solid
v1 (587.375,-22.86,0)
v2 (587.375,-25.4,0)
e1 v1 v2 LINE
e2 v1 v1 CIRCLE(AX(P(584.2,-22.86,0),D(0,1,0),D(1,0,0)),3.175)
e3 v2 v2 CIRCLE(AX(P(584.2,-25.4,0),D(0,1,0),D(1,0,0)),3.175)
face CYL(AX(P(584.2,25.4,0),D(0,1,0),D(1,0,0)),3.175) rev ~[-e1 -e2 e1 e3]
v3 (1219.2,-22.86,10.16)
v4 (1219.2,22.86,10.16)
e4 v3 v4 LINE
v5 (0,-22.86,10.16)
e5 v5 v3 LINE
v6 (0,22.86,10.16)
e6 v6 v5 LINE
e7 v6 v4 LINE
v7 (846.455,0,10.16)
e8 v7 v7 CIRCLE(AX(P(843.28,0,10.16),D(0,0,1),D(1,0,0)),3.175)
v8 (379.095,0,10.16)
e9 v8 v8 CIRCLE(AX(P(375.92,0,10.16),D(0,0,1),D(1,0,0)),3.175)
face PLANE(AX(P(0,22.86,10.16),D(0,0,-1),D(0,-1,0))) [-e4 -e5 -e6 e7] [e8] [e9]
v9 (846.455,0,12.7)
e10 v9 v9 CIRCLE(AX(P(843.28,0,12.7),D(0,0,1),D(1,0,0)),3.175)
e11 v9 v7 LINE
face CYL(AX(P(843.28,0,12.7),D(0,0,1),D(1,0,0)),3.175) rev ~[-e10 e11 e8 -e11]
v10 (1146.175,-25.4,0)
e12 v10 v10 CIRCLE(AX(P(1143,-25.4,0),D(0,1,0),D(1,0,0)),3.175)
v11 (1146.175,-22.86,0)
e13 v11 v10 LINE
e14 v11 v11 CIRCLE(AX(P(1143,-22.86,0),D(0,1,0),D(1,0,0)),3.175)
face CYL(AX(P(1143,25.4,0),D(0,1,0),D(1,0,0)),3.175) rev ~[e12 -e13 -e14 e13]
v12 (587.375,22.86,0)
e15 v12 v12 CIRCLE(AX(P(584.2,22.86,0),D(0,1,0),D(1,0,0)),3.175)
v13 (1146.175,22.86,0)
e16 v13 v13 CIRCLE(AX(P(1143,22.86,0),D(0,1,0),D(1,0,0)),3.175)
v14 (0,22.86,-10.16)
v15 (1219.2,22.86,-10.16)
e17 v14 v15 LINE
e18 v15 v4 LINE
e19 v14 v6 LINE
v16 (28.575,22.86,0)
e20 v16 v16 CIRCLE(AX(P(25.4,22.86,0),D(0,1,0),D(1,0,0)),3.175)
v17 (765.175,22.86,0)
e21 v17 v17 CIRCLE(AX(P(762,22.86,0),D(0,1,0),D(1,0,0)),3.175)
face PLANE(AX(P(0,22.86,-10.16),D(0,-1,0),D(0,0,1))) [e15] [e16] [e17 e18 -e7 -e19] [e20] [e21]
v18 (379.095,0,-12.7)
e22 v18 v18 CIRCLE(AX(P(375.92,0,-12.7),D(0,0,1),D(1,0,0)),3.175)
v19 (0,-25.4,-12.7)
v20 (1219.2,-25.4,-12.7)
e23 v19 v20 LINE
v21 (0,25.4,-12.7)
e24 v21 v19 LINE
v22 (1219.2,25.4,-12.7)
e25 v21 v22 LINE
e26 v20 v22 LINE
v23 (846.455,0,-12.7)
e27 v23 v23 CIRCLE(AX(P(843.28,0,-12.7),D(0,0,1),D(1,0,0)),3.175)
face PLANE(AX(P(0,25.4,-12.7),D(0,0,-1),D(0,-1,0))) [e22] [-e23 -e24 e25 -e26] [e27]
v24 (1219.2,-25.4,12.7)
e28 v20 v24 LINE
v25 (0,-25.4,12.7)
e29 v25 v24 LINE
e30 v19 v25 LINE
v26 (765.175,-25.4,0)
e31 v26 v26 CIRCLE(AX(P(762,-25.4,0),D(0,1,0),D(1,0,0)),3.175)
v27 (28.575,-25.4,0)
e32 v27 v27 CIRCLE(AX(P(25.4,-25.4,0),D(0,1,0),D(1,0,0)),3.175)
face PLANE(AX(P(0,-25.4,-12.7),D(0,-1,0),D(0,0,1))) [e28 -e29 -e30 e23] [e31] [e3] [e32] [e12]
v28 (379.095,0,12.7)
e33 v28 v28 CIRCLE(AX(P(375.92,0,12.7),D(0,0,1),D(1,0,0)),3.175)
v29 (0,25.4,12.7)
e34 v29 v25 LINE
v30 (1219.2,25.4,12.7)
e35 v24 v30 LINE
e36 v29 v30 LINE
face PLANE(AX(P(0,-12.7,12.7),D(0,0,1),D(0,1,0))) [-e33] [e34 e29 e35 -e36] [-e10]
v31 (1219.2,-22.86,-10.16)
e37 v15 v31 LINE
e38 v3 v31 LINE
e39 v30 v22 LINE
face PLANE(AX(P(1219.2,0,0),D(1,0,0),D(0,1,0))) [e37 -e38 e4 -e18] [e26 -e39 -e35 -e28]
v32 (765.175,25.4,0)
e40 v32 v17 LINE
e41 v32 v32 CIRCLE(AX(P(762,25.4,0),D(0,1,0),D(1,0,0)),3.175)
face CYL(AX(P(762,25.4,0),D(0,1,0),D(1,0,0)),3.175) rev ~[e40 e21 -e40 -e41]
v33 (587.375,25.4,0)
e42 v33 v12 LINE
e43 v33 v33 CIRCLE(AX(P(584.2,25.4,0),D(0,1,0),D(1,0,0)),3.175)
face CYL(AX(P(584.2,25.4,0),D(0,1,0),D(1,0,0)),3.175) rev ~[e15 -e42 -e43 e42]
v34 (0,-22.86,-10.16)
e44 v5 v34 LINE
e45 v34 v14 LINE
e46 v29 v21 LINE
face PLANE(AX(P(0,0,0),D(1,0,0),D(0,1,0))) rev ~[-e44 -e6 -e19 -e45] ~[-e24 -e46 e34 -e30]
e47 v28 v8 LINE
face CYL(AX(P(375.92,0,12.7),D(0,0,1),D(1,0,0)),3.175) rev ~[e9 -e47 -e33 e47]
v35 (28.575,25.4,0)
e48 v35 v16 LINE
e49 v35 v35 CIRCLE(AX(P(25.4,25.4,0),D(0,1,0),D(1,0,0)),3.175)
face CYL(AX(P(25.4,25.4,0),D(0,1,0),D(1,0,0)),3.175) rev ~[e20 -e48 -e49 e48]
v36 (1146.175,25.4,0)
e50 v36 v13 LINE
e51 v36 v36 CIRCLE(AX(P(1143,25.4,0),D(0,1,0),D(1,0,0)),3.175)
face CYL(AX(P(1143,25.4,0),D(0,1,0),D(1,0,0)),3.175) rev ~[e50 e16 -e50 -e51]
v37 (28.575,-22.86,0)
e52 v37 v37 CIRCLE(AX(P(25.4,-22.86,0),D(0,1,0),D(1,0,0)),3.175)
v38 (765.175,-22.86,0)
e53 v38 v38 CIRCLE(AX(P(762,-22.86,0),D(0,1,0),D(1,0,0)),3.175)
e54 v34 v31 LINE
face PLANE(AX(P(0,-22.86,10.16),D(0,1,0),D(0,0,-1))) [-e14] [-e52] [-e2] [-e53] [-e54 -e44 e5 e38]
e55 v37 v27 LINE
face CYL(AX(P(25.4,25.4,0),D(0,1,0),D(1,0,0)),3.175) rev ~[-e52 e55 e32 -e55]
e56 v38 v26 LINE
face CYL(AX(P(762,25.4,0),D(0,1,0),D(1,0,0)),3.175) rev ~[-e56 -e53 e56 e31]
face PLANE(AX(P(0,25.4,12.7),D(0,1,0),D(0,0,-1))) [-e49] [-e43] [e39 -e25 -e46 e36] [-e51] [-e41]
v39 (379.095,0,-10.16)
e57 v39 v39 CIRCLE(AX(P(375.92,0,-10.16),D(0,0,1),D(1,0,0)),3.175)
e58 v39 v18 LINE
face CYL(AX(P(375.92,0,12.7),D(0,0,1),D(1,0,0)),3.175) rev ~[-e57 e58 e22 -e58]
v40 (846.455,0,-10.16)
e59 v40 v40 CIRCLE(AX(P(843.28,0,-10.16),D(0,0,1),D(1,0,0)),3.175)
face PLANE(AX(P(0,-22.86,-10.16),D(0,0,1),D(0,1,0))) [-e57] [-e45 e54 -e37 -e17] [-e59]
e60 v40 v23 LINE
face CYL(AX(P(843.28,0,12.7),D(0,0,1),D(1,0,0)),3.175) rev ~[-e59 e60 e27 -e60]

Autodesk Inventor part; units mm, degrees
ref_plane "YZ Plane" through (0, 0, 0) normal (1, 0, 0) x (0, 1, 0)
ref_plane "XZ Plane" through (0, 0, 0) normal (0, 1, 0) x (-1, 0, 0)
ref_plane "XY Plane" through (0, 0, 0) normal (0, 0, 1) x (1, 0, 0)
sketch "Sketch1" plane through (0, 0, 0) normal (1, 0, 0) x (0, 1, 0)
  line L0 (-12.7, 12.7) -> (12.7, 12.7)
  line L1 (12.7, -12.7) -> (-12.7, -12.7)
  line L2 (12.7, 12.7) -> (25.4, 12.7)
  line L3 (25.4, 12.7) -> (25.4, -12.7)
  line L4 (25.4, -12.7) -> (12.7, -12.7)
  line L5 (-12.7, -12.7) -> (-25.4, -12.7)
  line L6 (-25.4, -12.7) -> (-25.4, 12.7)
  line L7 (-25.4, 12.7) -> (-12.7, 12.7)
  line L8 (22.86, -10.16) -> (22.86, 10.16)
  line L9 (22.86, 10.16) -> (12.7, 10.16)
  line L10 (12.7, 10.16) -> (-12.7, 10.16)
  line L11 (-12.7, 10.16) -> (-22.86, 10.16)
  line L12 (-22.86, 10.16) -> (-22.86, -10.16)
  line L13 (-22.86, -10.16) -> (-12.7, -10.16)
  line L14 (-12.7, -10.16) -> (12.7, -10.16)
  line L15 (12.7, -10.16) -> (22.86, -10.16)
  point P0 (0, 0)
  dimension "d1" = 25.4
  dimension "d14" = 25.4
  dimension "d15" = 50.8
  dimension "d16" = 12.7
  dimension "d17" = 2.54
extrude "Extrusion1" add sketch "Sketch1" along normal blind 1219.2
sketch "Sketch3" plane through (0, -25.4, 12.7) normal (0, 0, 1) x (1, 0, 0)
  line L0 (0, 25.4) -> (1219.2, 25.4) construction
  line L1 (1219.2, 0) -> (1219.2, 50.8) construction
  line L2 (0, 50.8) -> (1219.2, 50.8) construction
  line L3 (609.6, 50.8) -> (609.6, 0) construction
  line L4 (0, 0) -> (1219.2, 0) construction
  circle A0 centre (843.28, 25.4) radius 3.175
  circle A1 centre (375.92, 25.4) radius 3.175
  dimension "d20" = 6.35
  dimension "d21" = 233.68
  dimension "d22" = 233.68
extrude "Extrusion3" cut sketch "Sketch3" against normal through all
sketch "Sketch4" plane through (0, 25.4, 12.7) normal (0, 1, 0) x (1, 0, 0)
  line L0 (1219.2, 0) -> (1219.2, 25.4) projected
  line L1 (1219.2, 12.7) -> (0, 12.7) construction
  circle A0 centre (25.4, 12.7) radius 3.175
  circle A1 centre (1143, 12.7) radius 3.175
  line L2 (0, 25.4) -> (1219.2, 25.4) construction
  line L3 (609.6, 25.4) -> (609.6, 0) construction
  line L4 (0, 0) -> (1219.2, 0) construction
  line L5 (0, 25.4) -> (0, 0) projected
  circle A2 centre (762, 12.7) radius 3.175
  circle A3 centre (584.2, 12.7) radius 3.175
  dimension "d25" = 6.35
  dimension "d32" = 25.4
  dimension "d33" = 76.2
  dimension "d34" = 152.4
  dimension "d35" = 381
  dimension "d36" = 635
extrude "Extrusion4" cut sketch "Sketch4" against normal through all
equation "\"d14\" = 0.5 * d15"
equation "\"d16\" = 0.5 * d1"
equation "\"d22\" = d21"
properties part number "support-beam"
